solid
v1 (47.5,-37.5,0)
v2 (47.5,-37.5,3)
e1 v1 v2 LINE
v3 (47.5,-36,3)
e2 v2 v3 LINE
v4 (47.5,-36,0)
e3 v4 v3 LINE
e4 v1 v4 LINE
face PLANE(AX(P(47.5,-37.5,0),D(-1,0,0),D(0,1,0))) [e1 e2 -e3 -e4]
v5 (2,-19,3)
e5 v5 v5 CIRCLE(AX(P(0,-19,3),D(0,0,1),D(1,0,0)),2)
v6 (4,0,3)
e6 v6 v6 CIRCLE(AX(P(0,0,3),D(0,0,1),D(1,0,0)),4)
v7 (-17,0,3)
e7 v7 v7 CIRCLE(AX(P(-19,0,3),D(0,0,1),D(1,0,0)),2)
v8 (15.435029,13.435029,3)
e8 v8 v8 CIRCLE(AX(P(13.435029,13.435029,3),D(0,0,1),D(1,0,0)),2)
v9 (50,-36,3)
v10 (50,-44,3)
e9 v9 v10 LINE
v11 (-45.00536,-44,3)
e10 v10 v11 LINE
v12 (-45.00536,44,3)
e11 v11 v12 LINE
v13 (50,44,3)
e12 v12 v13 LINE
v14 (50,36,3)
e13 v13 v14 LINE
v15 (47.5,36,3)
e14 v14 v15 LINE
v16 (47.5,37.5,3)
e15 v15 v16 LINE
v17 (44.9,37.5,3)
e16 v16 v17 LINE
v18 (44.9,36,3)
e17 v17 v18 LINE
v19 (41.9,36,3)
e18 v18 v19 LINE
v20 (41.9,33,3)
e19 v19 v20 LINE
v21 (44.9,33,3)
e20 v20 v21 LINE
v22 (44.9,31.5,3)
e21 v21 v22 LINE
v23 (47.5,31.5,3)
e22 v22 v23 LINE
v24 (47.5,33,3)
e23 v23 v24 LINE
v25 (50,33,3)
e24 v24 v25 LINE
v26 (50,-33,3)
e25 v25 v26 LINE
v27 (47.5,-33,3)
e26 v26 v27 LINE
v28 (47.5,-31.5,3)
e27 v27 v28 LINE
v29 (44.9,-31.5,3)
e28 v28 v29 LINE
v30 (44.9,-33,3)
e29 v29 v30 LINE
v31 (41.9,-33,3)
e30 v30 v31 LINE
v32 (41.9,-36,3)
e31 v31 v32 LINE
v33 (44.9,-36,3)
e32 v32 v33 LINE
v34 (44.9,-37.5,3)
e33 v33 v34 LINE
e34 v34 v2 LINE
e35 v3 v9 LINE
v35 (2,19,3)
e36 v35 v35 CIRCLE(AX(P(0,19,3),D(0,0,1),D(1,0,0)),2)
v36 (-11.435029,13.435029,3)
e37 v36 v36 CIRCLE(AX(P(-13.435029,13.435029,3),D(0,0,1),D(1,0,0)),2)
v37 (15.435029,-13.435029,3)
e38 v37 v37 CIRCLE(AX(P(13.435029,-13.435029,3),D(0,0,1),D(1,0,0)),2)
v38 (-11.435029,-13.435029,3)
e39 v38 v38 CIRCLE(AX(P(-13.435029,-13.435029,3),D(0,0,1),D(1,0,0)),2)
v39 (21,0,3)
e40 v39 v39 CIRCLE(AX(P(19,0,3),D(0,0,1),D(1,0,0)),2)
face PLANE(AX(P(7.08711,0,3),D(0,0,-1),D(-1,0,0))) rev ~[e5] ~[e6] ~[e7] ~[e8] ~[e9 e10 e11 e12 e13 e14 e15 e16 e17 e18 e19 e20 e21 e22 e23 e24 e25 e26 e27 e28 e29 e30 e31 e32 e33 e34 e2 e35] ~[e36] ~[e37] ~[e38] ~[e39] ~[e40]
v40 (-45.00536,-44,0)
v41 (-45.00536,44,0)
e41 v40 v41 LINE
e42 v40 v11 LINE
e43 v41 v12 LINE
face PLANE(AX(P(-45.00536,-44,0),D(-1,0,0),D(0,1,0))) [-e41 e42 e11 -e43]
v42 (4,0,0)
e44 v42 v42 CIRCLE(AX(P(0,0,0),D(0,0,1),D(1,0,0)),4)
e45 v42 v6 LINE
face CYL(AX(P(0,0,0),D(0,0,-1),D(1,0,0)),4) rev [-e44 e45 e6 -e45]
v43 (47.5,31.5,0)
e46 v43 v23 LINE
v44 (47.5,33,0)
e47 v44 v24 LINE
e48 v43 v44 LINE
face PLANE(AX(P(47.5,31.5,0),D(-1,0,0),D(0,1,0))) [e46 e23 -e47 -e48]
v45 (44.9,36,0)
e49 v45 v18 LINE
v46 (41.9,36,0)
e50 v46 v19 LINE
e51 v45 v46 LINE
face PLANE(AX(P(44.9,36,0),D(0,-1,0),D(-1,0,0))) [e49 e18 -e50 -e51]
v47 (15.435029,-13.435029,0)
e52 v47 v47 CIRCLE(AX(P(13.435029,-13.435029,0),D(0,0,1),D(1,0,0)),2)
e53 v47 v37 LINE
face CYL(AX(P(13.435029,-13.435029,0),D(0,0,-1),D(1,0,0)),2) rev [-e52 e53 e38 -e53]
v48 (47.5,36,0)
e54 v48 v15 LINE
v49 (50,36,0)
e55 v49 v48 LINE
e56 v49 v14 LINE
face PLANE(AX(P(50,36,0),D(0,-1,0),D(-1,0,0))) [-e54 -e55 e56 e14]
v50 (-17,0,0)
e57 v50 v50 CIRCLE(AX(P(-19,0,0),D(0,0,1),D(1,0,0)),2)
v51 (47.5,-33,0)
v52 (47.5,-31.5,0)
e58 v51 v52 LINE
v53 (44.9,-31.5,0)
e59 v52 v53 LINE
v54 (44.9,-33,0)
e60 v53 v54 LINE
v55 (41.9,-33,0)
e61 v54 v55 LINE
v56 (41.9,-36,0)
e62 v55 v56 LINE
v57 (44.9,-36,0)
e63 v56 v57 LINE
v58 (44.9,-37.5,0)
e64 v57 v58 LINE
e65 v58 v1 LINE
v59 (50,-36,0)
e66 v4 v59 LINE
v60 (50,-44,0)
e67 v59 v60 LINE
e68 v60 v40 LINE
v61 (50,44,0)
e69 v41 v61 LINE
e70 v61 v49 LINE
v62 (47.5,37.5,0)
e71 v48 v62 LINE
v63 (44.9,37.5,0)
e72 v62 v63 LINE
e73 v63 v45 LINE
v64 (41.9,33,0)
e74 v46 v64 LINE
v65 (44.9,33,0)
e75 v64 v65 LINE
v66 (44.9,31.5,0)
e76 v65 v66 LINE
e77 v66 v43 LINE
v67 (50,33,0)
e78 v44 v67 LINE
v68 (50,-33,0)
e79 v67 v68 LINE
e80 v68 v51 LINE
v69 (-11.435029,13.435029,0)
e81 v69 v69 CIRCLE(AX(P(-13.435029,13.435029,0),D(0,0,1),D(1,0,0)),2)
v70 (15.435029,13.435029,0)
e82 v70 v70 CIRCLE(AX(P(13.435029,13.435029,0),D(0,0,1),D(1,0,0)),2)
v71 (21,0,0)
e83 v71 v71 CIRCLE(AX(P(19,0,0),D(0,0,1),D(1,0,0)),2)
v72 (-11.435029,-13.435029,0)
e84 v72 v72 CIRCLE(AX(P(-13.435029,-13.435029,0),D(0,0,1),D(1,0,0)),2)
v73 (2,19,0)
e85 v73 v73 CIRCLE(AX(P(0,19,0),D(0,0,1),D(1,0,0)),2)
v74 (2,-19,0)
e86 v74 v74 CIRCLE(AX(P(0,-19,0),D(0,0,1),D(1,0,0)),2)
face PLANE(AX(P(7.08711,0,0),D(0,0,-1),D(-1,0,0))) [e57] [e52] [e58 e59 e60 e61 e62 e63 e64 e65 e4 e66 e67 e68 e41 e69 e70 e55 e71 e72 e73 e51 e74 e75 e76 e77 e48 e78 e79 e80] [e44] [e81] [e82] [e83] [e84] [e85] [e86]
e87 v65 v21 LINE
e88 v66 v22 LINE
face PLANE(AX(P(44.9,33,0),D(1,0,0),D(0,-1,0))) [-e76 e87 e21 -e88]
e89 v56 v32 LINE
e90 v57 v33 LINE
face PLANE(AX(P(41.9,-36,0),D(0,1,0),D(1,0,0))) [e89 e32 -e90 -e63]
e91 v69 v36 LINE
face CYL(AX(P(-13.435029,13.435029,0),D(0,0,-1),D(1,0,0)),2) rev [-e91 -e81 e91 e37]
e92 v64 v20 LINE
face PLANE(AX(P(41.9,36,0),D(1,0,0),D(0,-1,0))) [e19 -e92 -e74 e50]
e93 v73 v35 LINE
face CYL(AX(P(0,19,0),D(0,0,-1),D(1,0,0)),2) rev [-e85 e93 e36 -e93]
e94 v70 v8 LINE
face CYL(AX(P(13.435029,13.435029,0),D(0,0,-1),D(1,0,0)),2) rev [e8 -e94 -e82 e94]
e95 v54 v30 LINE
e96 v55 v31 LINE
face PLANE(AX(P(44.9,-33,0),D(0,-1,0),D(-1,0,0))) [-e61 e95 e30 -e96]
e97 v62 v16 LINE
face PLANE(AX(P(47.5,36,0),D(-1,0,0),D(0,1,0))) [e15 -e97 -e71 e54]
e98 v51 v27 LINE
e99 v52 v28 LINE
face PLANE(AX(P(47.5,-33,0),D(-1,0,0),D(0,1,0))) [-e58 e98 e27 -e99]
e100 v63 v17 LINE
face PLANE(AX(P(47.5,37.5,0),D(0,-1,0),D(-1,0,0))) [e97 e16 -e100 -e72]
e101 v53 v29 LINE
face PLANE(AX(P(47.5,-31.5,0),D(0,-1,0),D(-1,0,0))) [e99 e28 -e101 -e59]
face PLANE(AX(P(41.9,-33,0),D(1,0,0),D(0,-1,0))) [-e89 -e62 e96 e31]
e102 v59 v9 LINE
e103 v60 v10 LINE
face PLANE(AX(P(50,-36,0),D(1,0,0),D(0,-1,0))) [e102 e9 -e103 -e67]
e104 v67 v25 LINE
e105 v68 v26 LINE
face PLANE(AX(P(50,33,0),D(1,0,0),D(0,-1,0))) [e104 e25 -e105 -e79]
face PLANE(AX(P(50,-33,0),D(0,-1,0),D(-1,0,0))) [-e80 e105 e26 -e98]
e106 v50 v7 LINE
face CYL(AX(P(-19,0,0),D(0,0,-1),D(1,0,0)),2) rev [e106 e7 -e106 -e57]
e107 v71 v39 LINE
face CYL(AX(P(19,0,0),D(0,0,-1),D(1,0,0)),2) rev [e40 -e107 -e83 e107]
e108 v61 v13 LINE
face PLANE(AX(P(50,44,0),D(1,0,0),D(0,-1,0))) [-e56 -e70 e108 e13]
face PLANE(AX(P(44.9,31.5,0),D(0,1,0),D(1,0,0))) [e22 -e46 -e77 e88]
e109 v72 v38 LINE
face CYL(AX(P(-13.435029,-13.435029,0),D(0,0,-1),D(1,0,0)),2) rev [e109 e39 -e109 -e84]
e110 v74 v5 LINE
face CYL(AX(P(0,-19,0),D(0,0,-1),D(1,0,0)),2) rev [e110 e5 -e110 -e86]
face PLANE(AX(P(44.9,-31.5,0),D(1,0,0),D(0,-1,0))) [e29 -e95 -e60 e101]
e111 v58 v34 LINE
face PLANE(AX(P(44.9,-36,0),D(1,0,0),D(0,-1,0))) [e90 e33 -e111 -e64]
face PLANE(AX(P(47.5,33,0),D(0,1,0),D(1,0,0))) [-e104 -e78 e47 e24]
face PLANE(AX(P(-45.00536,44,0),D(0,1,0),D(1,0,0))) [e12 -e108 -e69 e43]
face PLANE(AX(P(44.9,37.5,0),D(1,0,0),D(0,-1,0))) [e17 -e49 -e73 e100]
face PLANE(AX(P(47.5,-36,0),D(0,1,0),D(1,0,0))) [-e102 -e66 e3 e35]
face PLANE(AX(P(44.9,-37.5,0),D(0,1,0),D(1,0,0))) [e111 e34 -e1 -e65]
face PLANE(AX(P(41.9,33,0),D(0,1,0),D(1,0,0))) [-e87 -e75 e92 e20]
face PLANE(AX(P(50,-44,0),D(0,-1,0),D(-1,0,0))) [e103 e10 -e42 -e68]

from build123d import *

# Parameters (mm, degrees)
SKETCH_1_R      = 4
SKETCH_1_R_2    = 2
EXTRUDE_1_DEPTH = 3


with BuildPart() as part:
    # 草图1 → 凸台-拉伸1 (new body)
    with BuildSketch(Plane.XY):
        Polygon((50, 44), (50, 36), (47.5, 36), (47.5, 37.5), (44.9, 37.5), (44.9, 36), (41.9, 36), (41.9, 33), (44.9, 33), (44.9, 31.5), (47.5, 31.5), (47.5, 33), (50, 33), (50, -33), (47.5, -33), (47.5, -31.5), (44.9, -31.5), (44.9, -33), (41.9, -33), (41.9, -36), (44.9, -36), (44.9, -37.5), (47.5, -37.5), (47.5, -36), (50, -36), (50, -44), (-45.00536, -44), (-45.00536, 44), align=None)
        Circle(SKETCH_1_R, mode=Mode.SUBTRACT)
        with Locations((0, -19)):
            Circle(SKETCH_1_R_2, mode=Mode.SUBTRACT)
        with Locations((-13.435028843, -13.435028843)):
            Circle(SKETCH_1_R_2, mode=Mode.SUBTRACT)
        with Locations((-19, 0)):
            Circle(SKETCH_1_R_2, mode=Mode.SUBTRACT)
        with Locations((-13.435028843, 13.435028843)):
            Circle(SKETCH_1_R_2, mode=Mode.SUBTRACT)
        with Locations((0, 19)):
            Circle(SKETCH_1_R_2, mode=Mode.SUBTRACT)
        with Locations((13.435028843, 13.435028843)):
            Circle(SKETCH_1_R_2, mode=Mode.SUBTRACT)
        with Locations((19, 0)):
            Circle(SKETCH_1_R_2, mode=Mode.SUBTRACT)
        with Locations((13.435028843, -13.435028843)):
            Circle(SKETCH_1_R_2, mode=Mode.SUBTRACT)
    extrude(amount=EXTRUDE_1_DEPTH)


solid = part.part
